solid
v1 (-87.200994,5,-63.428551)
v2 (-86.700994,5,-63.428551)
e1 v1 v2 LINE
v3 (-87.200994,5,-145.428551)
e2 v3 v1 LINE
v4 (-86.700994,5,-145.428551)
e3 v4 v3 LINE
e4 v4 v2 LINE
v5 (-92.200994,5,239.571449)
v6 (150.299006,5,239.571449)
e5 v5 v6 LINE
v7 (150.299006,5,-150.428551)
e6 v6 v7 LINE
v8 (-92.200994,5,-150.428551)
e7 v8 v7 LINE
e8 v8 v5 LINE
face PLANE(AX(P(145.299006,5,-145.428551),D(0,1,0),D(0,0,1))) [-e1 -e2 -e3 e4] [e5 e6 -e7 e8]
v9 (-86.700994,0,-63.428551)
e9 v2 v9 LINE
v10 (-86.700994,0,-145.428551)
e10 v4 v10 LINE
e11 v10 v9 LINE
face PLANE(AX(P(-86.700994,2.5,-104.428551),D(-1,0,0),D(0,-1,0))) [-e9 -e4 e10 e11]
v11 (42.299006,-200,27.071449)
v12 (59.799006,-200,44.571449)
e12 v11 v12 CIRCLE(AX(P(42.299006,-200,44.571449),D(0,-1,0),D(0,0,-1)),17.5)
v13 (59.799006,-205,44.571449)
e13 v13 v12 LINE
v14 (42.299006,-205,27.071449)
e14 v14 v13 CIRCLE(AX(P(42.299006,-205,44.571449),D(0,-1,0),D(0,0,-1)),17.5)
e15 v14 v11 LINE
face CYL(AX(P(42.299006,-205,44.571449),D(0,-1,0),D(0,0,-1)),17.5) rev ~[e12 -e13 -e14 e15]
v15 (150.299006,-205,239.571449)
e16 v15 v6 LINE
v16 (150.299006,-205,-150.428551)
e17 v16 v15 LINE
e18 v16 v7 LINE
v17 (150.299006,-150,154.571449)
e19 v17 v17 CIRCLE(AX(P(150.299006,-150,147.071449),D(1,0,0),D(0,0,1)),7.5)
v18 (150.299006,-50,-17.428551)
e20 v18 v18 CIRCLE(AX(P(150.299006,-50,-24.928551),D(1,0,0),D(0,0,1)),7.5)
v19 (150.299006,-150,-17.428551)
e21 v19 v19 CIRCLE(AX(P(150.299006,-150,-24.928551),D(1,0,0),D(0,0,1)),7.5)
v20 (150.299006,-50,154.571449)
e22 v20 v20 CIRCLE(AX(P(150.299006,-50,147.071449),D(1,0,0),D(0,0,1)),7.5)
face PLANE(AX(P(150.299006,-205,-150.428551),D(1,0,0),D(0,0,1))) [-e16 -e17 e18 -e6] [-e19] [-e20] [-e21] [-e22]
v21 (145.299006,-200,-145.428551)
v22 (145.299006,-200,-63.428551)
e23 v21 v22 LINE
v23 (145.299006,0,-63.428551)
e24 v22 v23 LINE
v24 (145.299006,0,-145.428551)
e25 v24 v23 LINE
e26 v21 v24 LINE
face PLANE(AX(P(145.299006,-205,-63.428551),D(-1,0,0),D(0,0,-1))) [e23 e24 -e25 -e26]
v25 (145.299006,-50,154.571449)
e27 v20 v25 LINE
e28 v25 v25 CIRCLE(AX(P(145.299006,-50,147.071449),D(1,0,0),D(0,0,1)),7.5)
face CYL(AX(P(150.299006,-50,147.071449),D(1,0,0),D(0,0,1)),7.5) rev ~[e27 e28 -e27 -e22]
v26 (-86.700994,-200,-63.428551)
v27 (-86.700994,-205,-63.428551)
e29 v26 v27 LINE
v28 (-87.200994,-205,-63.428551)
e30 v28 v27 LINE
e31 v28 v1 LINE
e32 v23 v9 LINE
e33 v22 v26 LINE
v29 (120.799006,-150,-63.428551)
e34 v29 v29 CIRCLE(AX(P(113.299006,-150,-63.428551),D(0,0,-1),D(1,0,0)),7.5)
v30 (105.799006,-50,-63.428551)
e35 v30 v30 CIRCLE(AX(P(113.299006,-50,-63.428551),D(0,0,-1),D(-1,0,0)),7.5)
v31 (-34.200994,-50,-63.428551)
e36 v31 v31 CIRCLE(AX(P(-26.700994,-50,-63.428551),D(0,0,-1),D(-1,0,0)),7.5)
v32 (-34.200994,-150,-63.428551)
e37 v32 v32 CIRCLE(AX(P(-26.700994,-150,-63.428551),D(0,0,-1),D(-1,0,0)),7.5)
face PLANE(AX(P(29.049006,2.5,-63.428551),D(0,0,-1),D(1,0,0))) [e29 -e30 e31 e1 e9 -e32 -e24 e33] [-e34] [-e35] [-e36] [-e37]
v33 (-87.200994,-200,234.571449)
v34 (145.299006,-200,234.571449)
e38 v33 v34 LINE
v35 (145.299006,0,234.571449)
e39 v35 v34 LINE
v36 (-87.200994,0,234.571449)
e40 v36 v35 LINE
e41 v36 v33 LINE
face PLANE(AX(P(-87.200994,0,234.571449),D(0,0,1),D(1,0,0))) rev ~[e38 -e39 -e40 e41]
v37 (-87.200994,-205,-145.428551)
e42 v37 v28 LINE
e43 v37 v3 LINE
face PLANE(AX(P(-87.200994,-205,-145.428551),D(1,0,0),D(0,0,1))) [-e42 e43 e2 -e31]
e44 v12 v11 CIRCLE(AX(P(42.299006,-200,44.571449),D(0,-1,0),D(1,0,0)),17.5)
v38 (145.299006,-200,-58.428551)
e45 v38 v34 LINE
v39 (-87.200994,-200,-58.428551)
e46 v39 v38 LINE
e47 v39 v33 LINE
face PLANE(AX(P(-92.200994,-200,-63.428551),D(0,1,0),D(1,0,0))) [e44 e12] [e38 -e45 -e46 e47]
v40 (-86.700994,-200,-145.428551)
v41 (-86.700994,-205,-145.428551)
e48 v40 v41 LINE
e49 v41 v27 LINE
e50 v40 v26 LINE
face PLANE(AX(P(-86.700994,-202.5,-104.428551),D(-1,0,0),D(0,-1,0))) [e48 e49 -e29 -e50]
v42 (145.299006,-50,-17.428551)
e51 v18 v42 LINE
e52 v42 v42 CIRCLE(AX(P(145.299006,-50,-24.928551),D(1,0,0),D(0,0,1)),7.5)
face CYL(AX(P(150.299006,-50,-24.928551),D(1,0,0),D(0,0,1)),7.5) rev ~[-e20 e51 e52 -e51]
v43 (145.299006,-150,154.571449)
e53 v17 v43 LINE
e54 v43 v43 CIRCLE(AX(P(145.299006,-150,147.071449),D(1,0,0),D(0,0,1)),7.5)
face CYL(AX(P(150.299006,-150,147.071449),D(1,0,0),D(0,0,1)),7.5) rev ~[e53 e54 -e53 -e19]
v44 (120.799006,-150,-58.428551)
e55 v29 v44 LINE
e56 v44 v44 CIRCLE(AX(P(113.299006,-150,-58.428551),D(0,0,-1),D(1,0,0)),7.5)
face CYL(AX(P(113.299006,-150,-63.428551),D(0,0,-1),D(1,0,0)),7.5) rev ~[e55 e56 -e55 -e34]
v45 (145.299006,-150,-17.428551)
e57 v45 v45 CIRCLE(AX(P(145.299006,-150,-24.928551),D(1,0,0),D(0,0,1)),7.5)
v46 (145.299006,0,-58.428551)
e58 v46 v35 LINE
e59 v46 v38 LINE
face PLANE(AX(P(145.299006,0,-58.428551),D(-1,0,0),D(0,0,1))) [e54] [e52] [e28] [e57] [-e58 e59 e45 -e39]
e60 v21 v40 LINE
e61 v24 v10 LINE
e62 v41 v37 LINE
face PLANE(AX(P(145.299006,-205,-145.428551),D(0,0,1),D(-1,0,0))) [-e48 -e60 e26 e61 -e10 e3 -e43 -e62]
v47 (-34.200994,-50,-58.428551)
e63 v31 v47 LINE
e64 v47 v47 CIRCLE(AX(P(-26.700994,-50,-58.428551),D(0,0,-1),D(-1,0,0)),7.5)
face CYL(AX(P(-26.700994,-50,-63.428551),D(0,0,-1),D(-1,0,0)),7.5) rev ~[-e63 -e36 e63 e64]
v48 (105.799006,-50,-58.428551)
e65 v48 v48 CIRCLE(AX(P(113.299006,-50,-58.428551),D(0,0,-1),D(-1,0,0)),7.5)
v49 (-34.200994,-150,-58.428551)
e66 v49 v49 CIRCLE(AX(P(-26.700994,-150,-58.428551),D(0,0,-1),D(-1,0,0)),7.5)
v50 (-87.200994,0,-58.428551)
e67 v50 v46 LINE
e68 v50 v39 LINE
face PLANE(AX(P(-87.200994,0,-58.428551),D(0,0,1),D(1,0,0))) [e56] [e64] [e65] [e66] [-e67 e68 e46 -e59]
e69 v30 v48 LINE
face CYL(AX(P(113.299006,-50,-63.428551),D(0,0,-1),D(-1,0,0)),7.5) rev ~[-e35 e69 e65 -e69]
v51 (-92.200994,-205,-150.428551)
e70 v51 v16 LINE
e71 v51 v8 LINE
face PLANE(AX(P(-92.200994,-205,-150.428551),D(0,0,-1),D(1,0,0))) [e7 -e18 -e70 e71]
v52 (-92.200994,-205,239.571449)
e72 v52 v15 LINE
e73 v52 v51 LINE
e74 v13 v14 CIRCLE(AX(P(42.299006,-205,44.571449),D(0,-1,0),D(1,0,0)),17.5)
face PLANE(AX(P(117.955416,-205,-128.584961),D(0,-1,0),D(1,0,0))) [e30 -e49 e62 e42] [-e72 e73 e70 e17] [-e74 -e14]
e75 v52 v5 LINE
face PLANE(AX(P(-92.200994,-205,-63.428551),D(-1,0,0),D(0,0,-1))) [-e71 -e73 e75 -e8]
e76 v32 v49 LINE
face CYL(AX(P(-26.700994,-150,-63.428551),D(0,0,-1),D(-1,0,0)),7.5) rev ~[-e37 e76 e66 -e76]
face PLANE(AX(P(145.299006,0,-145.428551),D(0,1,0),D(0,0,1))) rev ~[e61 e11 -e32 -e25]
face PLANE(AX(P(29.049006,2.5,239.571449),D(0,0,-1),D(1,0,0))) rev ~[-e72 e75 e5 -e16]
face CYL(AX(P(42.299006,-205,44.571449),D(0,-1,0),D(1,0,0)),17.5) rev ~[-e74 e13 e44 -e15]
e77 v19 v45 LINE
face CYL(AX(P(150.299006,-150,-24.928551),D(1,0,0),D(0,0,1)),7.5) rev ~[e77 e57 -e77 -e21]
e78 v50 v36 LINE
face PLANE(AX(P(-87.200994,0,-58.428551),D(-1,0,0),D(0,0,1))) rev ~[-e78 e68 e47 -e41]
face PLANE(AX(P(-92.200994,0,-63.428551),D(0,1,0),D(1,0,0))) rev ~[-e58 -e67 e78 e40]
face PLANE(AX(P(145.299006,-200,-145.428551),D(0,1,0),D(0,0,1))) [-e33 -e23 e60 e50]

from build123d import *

# Parameters (mm, degrees)
F0_W      = 232.5
F0_H      = 293
F1_DEPTH  = 200
F2_W      = 242.5
F2_H      = 5
F3_DEPTH  = 303
F5_DEPTH  = 25
F7_DEPTH  = 25
F9_DEPTH  = 210.001
F11_DEPTH = 210
F12_W     = 5
F12_H     = 82
F13_DEPTH = 232


with BuildPart() as f1:
    # F0 (on Front) → F1 (new body)
    with BuildSketch(Plane.XZ):
        Polygon((-92.2009944916, 239.5714490414), (-92.2009944916, 234.5714490414), (-92.2009944916, -63.4285509586), (150.2990055084, -63.4285509586), (150.2990055084, 239.5714490414), align=None)
        with Locations((29.0490055084, 88.0714490414)):
            Rectangle(F0_W, F0_H, mode=Mode.SUBTRACT)
    extrude(amount=F1_DEPTH)

    # F4 (on face) → F5 (cut)
    with BuildSketch(Plane.YZ.offset(150.2990055084)):
        with BuildLine():
            ThreePointArc((-42.5, 147.0714490414), (-44.6966991411, 152.3747499003), (-50, 154.5714490414))
            Line((-50, 154.5714490414), (-50, 147.0714490414))
            Line((-50, 147.0714490414), (-50, 139.5714490414))
            ThreePointArc((-50, 139.5714490414), (-44.6966991411, 141.7681481825), (-42.5, 147.0714490414))
        make_face()
        with BuildLine():
            ThreePointArc((-42.5, -24.9285509586), (-44.6966991411, -19.6252500997), (-50, -17.4285509586))
            Line((-50, -17.4285509586), (-50, -24.9285509586))
            Line((-50, -24.9285509586), (-50, -32.4285509586))
            ThreePointArc((-50, -32.4285509586), (-44.6966991411, -30.2318518175), (-42.5, -24.9285509586))
        make_face()
        with BuildLine():
            Line((-50, -24.9285509586), (-50, -17.4285509586))
            ThreePointArc((-50, -17.4285509586), (-57.5, -24.9285509586), (-50, -32.4285509586))
            Line((-50, -32.4285509586), (-50, -24.9285509586))
        make_face()
        with BuildLine():
            Line((-50, 147.0714490414), (-50, 154.5714490414))
            ThreePointArc((-50, 154.5714490414), (-57.5, 147.0714490414), (-50, 139.5714490414))
            Line((-50, 139.5714490414), (-50, 147.0714490414))
        make_face()
        with BuildLine():
            ThreePointArc((-142.5, 147.0714490414), (-144.6966991411, 152.3747499003), (-150, 154.5714490414))
            Line((-150, 154.5714490414), (-150, 147.0714490414))
            Line((-150, 147.0714490414), (-150, 139.5714490414))
            ThreePointArc((-150, 139.5714490414), (-144.6966991411, 141.7681481825), (-142.5, 147.0714490414))
        make_face()
        with BuildLine():
            ThreePointArc((-142.5, -24.9285509586), (-144.6966991411, -19.6252500997), (-150, -17.4285509586))
            Line((-150, -17.4285509586), (-150, -24.9285509586))
            Line((-150, -24.9285509586), (-150, -32.4285509586))
            ThreePointArc((-150, -32.4285509586), (-144.6966991411, -30.2318518175), (-142.5, -24.9285509586))
        make_face()
        with BuildLine():
            Line((-150, -24.9285509586), (-150, -17.4285509586))
            ThreePointArc((-150, -17.4285509586), (-157.5, -24.9285509586), (-150, -32.4285509586))
            Line((-150, -32.4285509586), (-150, -24.9285509586))
        make_face()
        with BuildLine():
            Line((-150, 147.0714490414), (-150, 154.5714490414))
            ThreePointArc((-150, 154.5714490414), (-157.5, 147.0714490414), (-150, 139.5714490414))
            Line((-150, 139.5714490414), (-150, 147.0714490414))
        make_face()
    extrude(amount=-F5_DEPTH, mode=Mode.SUBTRACT)

    # F6 (on face) → F7 (cut)
    with BuildSketch(Plane(origin=(0, 0, -63.4285509586), x_dir=(1, 0, 0), z_dir=(0, 0, -1))):
        with BuildLine():
            ThreePointArc((105.7990055084, 150), (113.2990055084, 142.5), (120.7990055084, 150))
            Line((120.7990055084, 150), (113.2990055084, 150))
            Line((113.2990055084, 150), (105.7990055084, 150))
        make_face()
        with BuildLine():
            Line((113.2990055084, 150), (120.7990055084, 150))
            ThreePointArc((120.7990055084, 150), (113.2990055084, 157.5), (105.7990055084, 150))
            Line((105.7990055084, 150), (113.2990055084, 150))
        make_face()
        with BuildLine():
            ThreePointArc((120.7990055084, 50), (113.2990055084, 57.5), (105.7990055084, 50))
            Line((105.7990055084, 50), (113.2990055084, 50))
            Line((113.2990055084, 50), (120.7990055084, 50))
        make_face()
        with BuildLine():
            Line((113.2990055084, 50), (105.7990055084, 50))
            ThreePointArc((105.7990055084, 50), (113.2990055084, 42.5), (120.7990055084, 50))
            Line((120.7990055084, 50), (113.2990055084, 50))
        make_face()
        with BuildLine():
            ThreePointArc((-19.2009944916, 50), (-21.3976936327, 55.3033008589), (-26.7009944916, 57.5))
            Line((-26.7009944916, 57.5), (-26.7009944916, 50))
            Line((-26.7009944916, 50), (-19.2009944916, 50))
        make_face()
        with BuildLine():
            Line((-26.7009944916, 50), (-26.7009944916, 57.5))
            ThreePointArc((-26.7009944916, 57.5), (-32.0042953505, 55.3033008589), (-34.2009944916, 50))
            Line((-34.2009944916, 50), (-26.7009944916, 50))
        make_face()
        with BuildLine():
            ThreePointArc((-26.7009944916, 142.5), (-21.3976936327, 144.6966991411), (-19.2009944916, 150))
            Line((-19.2009944916, 150), (-26.7009944916, 150))
            Line((-26.7009944916, 150), (-26.7009944916, 142.5))
        make_face()
        with BuildLine():
            Line((-26.7009944916, 150), (-19.2009944916, 150))
            ThreePointArc((-19.2009944916, 150), (-26.7009944916, 157.5), (-34.2009944916, 150))
            Line((-34.2009944916, 150), (-26.7009944916, 150))
        make_face()
        with BuildLine():
            Line((-26.7009944916, 142.5), (-26.7009944916, 150))
            Line((-26.7009944916, 150), (-34.2009944916, 150))
            ThreePointArc((-34.2009944916, 150), (-32.0042953505, 144.6966991411), (-26.7009944916, 142.5))
        make_face()
        with BuildLine():
            Line((-19.2009944916, 50), (-26.7009944916, 50))
            Line((-26.7009944916, 50), (-34.2009944916, 50))
            ThreePointArc((-34.2009944916, 50), (-26.7009944916, 42.5), (-19.2009944916, 50))
        make_face()
    extrude(amount=-F7_DEPTH, mode=Mode.SUBTRACT)



with BuildPart() as f3:
    # F2 (on face) → F3 (new body)
    with BuildSketch(Plane(origin=(0, 0, -63.4285509586), x_dir=(1, 0, 0), z_dir=(0, 0, -1))):
        with Locations((29.0490055084, 202.5)):
            Rectangle(F2_W, F2_H)
    extrude(amount=-F3_DEPTH)

    # F8 (on face) → F9 (cut, through all)
    with BuildSketch(Plane.XZ.offset(205)):
        with BuildLine():
            ThreePointArc((42.2990055084, 27.0714490414), (54.6733741792, 32.1970803706), (59.7990055084, 44.5714490414))
            ThreePointArc((59.7990055084, 44.5714490414), (29.9246368377, 56.9458177121), (42.2990055084, 27.0714490414))
        make_face()
    extrude(amount=-F9_DEPTH, mode=Mode.SUBTRACT)


with BuildPart() as f3b:
    # F2 (on face) → F3, piece 2 (new body)
    with BuildSketch(Plane(origin=(0, 0, -63.4285509586), x_dir=(1, 0, 0), z_dir=(0, 0, -1))):
        with Locations((29.0490055084, -2.5)):
            Rectangle(F2_W, F2_H)
    extrude(amount=-F3_DEPTH)


with BuildPart() as f1_1:
    add(f1.part)

    add(f3.part)  # F11 merges F3

    add(f3b.part)  # F11 merges F3b
    # F10 (on face) → F11 (join)
    with BuildSketch(Plane.XZ.offset(205)):
        Polygon((145.2990055084, -145.4285509586), (42.2990055084, -145.4285509586), (42.2990055084, -150.4285509586), (150.2990055084, -150.4285509586), (150.2990055084, -63.4285509586), (145.2990055084, -63.4285509586), align=None)
        Polygon((42.2990055084, -150.4285509586), (42.2990055084, -145.4285509586), (-87.2009944916, -145.4285509586), (-87.2009944916, -63.4285509586), (-92.2009944916, -63.4285509586), (-92.2009944916, -150.4285509586), align=None)
    extrude(amount=-F11_DEPTH)

    # F12 (on face) → F13 (join)
    with BuildSketch(Plane(origin=(145.2990055084, 0, 0), x_dir=(0, -1, 0), z_dir=(-1, 0, 0))):
        with Locations((-2.5, -104.4285509586)):
            Rectangle(F12_W, F12_H)
        with Locations((202.5, -104.4285509586)):
            Rectangle(F12_W, F12_H)
    extrude(amount=F13_DEPTH)


solid = f1_1.part
